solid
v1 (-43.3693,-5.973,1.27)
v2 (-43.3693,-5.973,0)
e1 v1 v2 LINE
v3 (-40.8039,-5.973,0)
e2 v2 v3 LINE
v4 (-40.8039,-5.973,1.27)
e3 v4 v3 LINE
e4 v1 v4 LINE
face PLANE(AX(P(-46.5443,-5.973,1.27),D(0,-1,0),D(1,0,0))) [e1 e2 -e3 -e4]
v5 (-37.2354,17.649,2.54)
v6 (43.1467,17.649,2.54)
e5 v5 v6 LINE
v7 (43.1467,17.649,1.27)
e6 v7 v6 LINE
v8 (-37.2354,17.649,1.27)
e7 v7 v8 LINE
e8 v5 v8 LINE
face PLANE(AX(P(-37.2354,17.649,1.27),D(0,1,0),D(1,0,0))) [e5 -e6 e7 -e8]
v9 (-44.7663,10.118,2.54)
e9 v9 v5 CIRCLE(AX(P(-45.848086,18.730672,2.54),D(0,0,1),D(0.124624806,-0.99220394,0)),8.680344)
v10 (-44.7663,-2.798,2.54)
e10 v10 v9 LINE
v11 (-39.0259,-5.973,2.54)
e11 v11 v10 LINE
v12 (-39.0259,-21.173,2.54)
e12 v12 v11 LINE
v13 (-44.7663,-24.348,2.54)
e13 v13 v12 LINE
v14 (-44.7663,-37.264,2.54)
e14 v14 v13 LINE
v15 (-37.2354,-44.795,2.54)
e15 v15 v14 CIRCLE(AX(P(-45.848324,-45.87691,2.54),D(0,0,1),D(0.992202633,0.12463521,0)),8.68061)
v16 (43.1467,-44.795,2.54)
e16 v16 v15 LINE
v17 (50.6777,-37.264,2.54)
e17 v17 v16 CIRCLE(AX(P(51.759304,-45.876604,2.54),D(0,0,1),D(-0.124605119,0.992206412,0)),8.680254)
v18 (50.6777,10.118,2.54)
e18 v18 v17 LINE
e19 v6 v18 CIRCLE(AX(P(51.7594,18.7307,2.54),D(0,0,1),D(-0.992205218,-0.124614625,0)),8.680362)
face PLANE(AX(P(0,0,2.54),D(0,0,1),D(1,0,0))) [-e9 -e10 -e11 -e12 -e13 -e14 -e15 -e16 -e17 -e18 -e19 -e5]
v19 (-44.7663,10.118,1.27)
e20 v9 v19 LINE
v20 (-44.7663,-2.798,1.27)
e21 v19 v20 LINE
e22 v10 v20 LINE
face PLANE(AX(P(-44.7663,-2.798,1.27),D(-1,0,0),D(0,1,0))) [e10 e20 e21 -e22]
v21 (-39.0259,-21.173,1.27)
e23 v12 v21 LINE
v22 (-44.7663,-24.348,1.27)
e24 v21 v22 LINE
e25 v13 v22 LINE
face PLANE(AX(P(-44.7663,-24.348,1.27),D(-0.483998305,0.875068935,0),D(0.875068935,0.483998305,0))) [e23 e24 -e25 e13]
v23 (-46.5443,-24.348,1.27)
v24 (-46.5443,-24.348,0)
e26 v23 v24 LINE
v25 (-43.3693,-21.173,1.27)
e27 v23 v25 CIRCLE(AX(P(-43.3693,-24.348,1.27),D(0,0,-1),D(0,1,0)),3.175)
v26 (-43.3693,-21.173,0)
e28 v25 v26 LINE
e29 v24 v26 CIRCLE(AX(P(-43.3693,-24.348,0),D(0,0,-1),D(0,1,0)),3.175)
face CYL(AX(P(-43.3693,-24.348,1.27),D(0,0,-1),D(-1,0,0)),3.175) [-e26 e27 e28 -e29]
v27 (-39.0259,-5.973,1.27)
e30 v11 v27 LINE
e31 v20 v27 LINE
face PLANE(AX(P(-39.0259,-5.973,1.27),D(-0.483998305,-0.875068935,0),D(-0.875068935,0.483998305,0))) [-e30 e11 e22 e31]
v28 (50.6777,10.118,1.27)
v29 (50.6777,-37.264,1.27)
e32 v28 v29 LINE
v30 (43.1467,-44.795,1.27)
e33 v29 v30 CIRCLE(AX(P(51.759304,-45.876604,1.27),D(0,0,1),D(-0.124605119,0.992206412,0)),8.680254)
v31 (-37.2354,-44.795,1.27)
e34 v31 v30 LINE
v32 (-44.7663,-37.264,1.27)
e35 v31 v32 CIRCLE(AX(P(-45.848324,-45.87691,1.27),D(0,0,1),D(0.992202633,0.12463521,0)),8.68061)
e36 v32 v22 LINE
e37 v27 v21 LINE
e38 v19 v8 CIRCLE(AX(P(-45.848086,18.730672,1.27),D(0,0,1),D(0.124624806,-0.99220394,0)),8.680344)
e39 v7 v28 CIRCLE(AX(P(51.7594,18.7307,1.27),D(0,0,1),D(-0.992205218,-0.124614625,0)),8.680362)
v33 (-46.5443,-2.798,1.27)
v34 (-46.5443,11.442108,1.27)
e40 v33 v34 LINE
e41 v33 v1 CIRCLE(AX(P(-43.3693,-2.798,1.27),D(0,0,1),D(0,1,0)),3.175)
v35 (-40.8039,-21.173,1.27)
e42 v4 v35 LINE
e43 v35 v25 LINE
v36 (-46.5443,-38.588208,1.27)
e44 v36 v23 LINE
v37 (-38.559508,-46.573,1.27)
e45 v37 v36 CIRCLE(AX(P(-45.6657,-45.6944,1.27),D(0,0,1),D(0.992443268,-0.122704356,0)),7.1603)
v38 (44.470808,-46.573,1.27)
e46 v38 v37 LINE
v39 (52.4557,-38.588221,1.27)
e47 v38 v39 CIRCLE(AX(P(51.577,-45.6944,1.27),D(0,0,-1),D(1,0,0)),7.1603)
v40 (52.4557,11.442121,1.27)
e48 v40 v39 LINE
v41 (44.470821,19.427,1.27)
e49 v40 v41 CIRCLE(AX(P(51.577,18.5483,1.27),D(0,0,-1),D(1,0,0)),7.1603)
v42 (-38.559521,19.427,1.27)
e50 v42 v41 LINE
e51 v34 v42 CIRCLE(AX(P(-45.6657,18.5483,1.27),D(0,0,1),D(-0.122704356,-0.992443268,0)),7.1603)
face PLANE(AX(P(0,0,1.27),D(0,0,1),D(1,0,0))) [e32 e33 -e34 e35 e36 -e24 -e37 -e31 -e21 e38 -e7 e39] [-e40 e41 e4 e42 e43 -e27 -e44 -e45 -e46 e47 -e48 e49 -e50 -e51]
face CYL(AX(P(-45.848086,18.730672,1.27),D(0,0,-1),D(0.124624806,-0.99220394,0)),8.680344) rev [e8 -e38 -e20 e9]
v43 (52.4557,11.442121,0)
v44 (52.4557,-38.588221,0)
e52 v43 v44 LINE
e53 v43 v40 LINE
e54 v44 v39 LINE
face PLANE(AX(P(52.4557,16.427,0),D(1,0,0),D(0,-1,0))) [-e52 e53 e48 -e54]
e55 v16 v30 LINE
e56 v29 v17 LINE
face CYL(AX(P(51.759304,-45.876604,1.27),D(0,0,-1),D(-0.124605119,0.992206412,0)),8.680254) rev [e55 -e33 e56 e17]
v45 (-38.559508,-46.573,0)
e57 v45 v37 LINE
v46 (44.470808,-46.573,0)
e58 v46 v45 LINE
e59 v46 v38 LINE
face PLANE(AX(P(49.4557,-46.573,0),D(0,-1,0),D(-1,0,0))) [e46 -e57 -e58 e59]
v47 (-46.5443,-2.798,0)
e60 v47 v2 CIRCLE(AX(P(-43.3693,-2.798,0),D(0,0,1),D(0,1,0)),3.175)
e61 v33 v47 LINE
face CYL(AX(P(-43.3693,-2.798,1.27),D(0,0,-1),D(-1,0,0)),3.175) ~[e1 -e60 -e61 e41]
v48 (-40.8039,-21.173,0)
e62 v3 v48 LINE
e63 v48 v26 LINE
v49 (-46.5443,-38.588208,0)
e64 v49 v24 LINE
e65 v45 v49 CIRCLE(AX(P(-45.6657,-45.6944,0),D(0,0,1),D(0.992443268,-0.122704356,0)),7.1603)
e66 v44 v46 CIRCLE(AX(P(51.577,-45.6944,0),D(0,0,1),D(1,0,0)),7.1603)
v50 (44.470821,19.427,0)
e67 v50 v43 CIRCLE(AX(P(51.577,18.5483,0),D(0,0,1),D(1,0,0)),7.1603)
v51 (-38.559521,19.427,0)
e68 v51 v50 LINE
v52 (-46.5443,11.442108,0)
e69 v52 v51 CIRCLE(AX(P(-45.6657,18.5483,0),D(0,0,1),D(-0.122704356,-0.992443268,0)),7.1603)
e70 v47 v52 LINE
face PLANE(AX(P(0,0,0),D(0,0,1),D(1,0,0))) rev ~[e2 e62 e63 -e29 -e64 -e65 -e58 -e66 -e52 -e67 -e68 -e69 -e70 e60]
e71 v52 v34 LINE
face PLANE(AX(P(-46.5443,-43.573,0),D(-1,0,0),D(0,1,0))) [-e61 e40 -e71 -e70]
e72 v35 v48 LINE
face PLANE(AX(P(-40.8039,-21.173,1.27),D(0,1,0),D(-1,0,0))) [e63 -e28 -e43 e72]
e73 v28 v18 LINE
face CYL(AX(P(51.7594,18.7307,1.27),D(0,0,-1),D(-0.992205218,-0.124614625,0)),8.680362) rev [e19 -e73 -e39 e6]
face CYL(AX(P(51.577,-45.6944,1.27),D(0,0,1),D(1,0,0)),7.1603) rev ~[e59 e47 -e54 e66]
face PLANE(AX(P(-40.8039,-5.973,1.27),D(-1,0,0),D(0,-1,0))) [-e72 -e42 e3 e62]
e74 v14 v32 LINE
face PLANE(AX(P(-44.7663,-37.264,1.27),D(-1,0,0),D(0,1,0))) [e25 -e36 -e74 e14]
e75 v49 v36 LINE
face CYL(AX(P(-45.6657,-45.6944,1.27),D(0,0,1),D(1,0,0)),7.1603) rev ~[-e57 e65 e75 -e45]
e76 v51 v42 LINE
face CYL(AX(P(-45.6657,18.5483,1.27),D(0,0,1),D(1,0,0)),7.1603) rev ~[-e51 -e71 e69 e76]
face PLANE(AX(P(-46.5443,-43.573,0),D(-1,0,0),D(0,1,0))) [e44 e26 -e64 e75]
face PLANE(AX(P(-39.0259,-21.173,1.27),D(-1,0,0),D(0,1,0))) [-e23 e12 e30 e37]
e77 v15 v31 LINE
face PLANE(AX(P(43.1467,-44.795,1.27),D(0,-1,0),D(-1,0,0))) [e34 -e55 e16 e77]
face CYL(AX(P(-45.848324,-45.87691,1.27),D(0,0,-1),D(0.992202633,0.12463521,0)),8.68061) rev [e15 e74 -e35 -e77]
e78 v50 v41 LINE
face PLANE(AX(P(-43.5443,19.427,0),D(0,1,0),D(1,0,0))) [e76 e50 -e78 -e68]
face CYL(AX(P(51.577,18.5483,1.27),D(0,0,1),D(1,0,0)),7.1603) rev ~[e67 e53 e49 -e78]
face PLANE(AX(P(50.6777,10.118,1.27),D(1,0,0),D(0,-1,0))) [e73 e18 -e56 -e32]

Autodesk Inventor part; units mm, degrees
ref_plane "YZ Plane" through (0, 0, 0) normal (1, 0, 0) x (0, 1, 0)
ref_plane "XZ Plane" through (0, 0, 0) normal (0, 1, 0) x (-1, 0, 0)
ref_plane "XY Plane" through (0, 0, 0) normal (0, 0, 1) x (1, 0, 0)
sketch "Sketch1" plane through (0, 0, 0) normal (0, 0, 1) x (1, 0, 0)
  line L0 (-43.5443, 19.427) -> (49.4557, 19.427)
  line L1 (52.4557, 16.427) -> (52.4557, -43.573)
  line L2 (49.4557, -46.573) -> (-43.5443, -46.573)
  line L3 (-46.5443, -43.573) -> (-46.5443, 16.427)
  arc A0 (-43.5443, 19.427) -> (-46.5443, 16.427) centre (-43.5443, 16.427) ccw
  arc A1 (-46.5443, -43.573) -> (-43.5443, -46.573) centre (-43.5443, -43.573) ccw
  arc A2 (49.4557, -46.573) -> (52.4557, -43.573) centre (49.4557, -43.573) ccw
  arc A3 (52.4557, 16.427) -> (49.4557, 19.427) centre (49.4557, 16.427) ccw
  point P0 (0, 0)
  point P1 (0, 0)
  point P2 (-46.5443, 19.427)
  point P3 (52.4557, -46.573)
  point P4 (52.4557, 19.427)
  dimension "d0" = 99
  dimension "d1" = 66
  dimension "d2" = 3
extrude "Extrusion1" add sketch "Sketch1" along normal blind 1.27
sketch "Sketch2" plane through (0, 0, 1.27) normal (0, 0, 1) x (1, 0, 0)
  line L0 (-46.5443, 16.427) -> (-46.5443, -43.573) projected
  line L1 (49.4557, 19.427) -> (-43.5443, 19.427) projected
  circle A0 centre (-42.7343, 15.617) radius 1.5875
  line L2 (-50.0562, -13.573) -> (79.0191, -13.573) construction
  line L3 (2.9557, 30.2203) -> (2.9557, -48.7988) construction
  circle A1 centre (-42.7343, -42.763) radius 1.5875
  circle A2 centre (48.6457, 15.617) radius 1.5875
  circle A3 centre (48.6457, -42.763) radius 1.5875
  point P0 (0, 0)
  dimension "d8" = 3.175
  dimension "d9" = 3.81
  dimension "d10" = 3.81
extrude "Extrusion2" cut sketch "Sketch2" against normal blind 25.4
sketch "Sketch3" plane through (0, 0, 1.27) normal (0, 0, 1) x (1, 0, 0)
  circle A0 centre (48.6457, 15.617) radius 1.5875 projected
  circle A1 centre (-42.7343, 15.617) radius 1.5875 projected
  circle A2 centre (-42.7343, -42.763) radius 1.5875 projected
  circle A3 centre (48.6457, -42.763) radius 1.5875 projected
  line L0 (49.4557, 19.427) -> (-43.5443, 19.427) projected
  arc A4 (-43.5443, 19.427) -> (-46.5443, 16.427) centre (-43.5443, 16.427) ccw projected
  line L1 (-46.5443, 16.427) -> (-46.5443, -43.573) construction
  arc A5 (-46.5443, -43.573) -> (-43.5443, -46.573) centre (-43.5443, -43.573) ccw projected
  line L2 (-43.5443, -46.573) -> (49.4557, -46.573) projected
  arc A6 (49.4557, -46.573) -> (52.4557, -43.573) centre (49.4557, -43.573) ccw projected
  line L3 (52.4557, -43.573) -> (52.4557, 16.427) projected
  arc A7 (52.4557, 16.427) -> (49.4557, 19.427) centre (49.4557, 16.427) ccw projected
  arc A8 (-43.5443, 19.427) -> (-46.5443, 16.427) centre (-43.5443, 16.427) ccw projected
  line L4 (49.4557, 19.427) -> (-43.5443, 19.427) projected
  circle A9 centre (48.6457, 15.617) radius 1.5875 projected
  circle A10 centre (-42.7343, 15.617) radius 1.5875 projected
  circle A11 centre (-42.7343, -42.763) radius 1.5875 projected
  circle A12 centre (48.6457, -42.763) radius 1.5875 projected
  arc A13 (52.4557, 16.427) -> (49.4557, 19.427) centre (49.4557, 16.427) ccw projected
  line L5 (52.4557, 16.427) -> (52.4557, -43.573) projected
  arc A14 (49.4557, -46.573) -> (52.4557, -43.573) centre (49.4557, -43.573) ccw projected
  line L6 (49.4557, -46.573) -> (-43.5443, -46.573) projected
  arc A15 (-46.5443, -43.573) -> (-43.5443, -46.573) centre (-43.5443, -43.573) ccw projected
  line L7 (-46.5443, -43.573) -> (-46.5443, 16.427) projected
  arc A16 (-43.5443, 19.427) -> (-46.5443, 16.427) centre (-43.5443, 16.427) ccw projected
  line L8 (-43.5443, 19.427) -> (49.4557, 19.427) projected
  line L9 (-43.5443, 19.427) -> (49.4557, 19.427) projected
  line L10 (-40.8039, 19.427) -> (-40.8039, -46.573) construction
  line L11 (49.4557, -46.573) -> (-43.5443, -46.573) projected
  line L12 (-40.8039, 19.427) -> (-51.3078, 19.427) construction
  line L13 (-40.8039, -46.573) -> (-51.3078, -46.573) construction
  line L14 (-40.8039, -21.173) -> (-51.3078, -21.173) construction
  line L15 (-40.8039, -5.973) -> (-51.3078, -5.973) construction
  line L16 (-46.5443, -43.573) -> (-46.5443, 16.427) projected
  line L17 (-46.5443, -5.973) -> (-40.8039, -5.973)
  line L18 (-40.8039, -5.973) -> (-40.8039, -21.173)
  line L19 (-40.8039, -21.173) -> (-46.5443, -21.173)
  line L20 (-46.5443, -21.173) -> (-46.5443, -5.973)
  point P0 (0, 0)
  dimension "d13" = 25.4
  dimension "d14" = 25.4
  dimension "d15" = 5.7404
extrude "Extrusion3" cut sketch "Sketch3" against normal blind 25.4 contours L17 L18 L19 L7
fillet "Fillet1" radius 3.175 2 edges at (-46.5443, -21.173, 0.635) (-46.5443, -5.973, 0.635)
sketch "Sketch9" plane through (0, 0, 1.27) normal (0, 0, 1) x (1, 0, 0)
  arc A0 (-43.5443, 19.427) -> (-46.5443, 16.427) centre (-43.5443, 16.427) ccw projected
  line L0 (-46.5443, -2.798) -> (-46.5443, 16.427) construction
  line L1 (-46.5443, 16.427) -> (-46.5443, -2.798)
  line L2 (-43.5443, 19.427) -> (-26.5771, 19.427) construction
  line L3 (49.4557, 19.427) -> (-43.5443, 19.427) projected
  line L4 (-45.6657, 18.5483) -> (-26.5771, -0.5403) construction
  line L5 (-45.6657, 18.5483) -> (-18.6704, 18.5483) construction
  circle A1 centre (-45.6657, 18.5483) radius 7.1603
  arc A2 (-46.5443, -2.798) -> (-43.3693, -5.973) centre (-43.3693, -2.798) ccw projected
  line L6 (-43.3693, -5.973) -> (-40.8039, -5.973) projected
  line L7 (-40.8039, -5.973) -> (-40.8039, -21.173) projected
  line L8 (-40.8039, -21.173) -> (-43.3693, -21.173) projected
  arc A3 (-43.3693, -21.173) -> (-46.5443, -24.348) centre (-43.3693, -24.348) ccw projected
  line L9 (-46.5443, -24.348) -> (-46.5443, -43.573) projected
  arc A4 (-46.5443, -43.573) -> (-43.5443, -46.573) centre (-43.5443, -43.573) ccw projected
  line L10 (-43.5443, -46.573) -> (49.4557, -46.573) projected
  arc A5 (49.4557, -46.573) -> (52.4557, -43.573) centre (49.4557, -43.573) ccw projected
  line L11 (52.4557, -43.573) -> (52.4557, 16.427) projected
  arc A6 (52.4557, 16.427) -> (49.4557, 19.427) centre (49.4557, 16.427) ccw projected
  line L12 (49.4557, 19.427) -> (-43.5443, 19.427) projected
  arc A7 (-43.5443, 19.427) -> (-46.5443, 16.427) centre (-43.5443, 16.427) ccw projected
  line L13 (-46.5443, 16.427) -> (-46.5443, -2.798) projected
  circle A8 centre (48.6457, 15.617) radius 1.5875 projected
  circle A9 centre (-42.7343, 15.617) radius 1.5875 projected
  circle A10 centre (-42.7343, -42.763) radius 1.5875 projected
  circle A11 centre (48.6457, -42.763) radius 1.5875 projected
  line L14 (-75.7777, -13.573) -> (114.1059, -13.573) construction
  line L15 (2.9557, 31.1348) -> (2.9557, -53.319) construction
  circle A12 centre (-45.6657, -45.6944) radius 7.1603
  line L16 (2.9557, -58.2809) -> (2.9557, 26.1729) construction
  circle A13 centre (51.577, 18.5483) radius 7.1603
  circle A14 centre (51.577, -45.6944) radius 7.1603
  point P0 (0, 0)
  dimension "d28" = 45
extrude "Extrusion5" cut sketch "Sketch9" against normal blind 12.7 contours L3 A1 L1 A0 | A0 L1 A1 L3 | A13 L11 A6 L3 | L3 A6 L11 A13 | A14 L10 A5 L11 | L11 A5 L10 A14 | A12 L9 A4 L10 | L10 A4 L9 A12
sketch "Sketch10" plane through (0, 0, 1.27) normal (0, 0, 1) x (1, 0, 0)
  arc A0 (52.4557, -38.5882) -> (44.4708, -46.573) centre (51.577, -45.6944) ccw projected
  line L0 (52.4557, -38.5882) -> (52.4557, 11.4421) projected
  arc A1 (44.4708, 19.427) -> (52.4557, 11.4421) centre (51.577, 18.5483) ccw projected
  line L1 (44.4708, 19.427) -> (-38.5595, 19.427) projected
  arc A2 (-46.5443, 11.4421) -> (-38.5595, 19.427) centre (-45.6657, 18.5483) ccw projected
  line L2 (-46.5443, 11.4421) -> (-46.5443, -2.798) projected
  arc A3 (-46.5443, -2.798) -> (-43.3693, -5.973) centre (-43.3693, -2.798) ccw projected
  line L3 (-43.3693, -5.973) -> (-40.8039, -5.973) projected
  line L4 (-40.8039, -5.973) -> (-40.8039, -21.173) projected
  line L5 (-40.8039, -21.173) -> (-43.3693, -21.173) projected
  arc A4 (-43.3693, -21.173) -> (-46.5443, -24.348) centre (-43.3693, -24.348) ccw projected
  line L6 (-46.5443, -24.348) -> (-46.5443, -38.5882) projected
  arc A5 (-38.5595, -46.573) -> (-46.5443, -38.5882) centre (-45.6657, -45.6944) ccw projected
  line L7 (-38.5595, -46.573) -> (44.4708, -46.573) projected
  line L8 (-36.7645, -44.795) -> (43.1467, -44.795)
  line L9 (-36.7645, 17.649) -> (43.1467, 17.649)
  line L10 (44.4708, 19.427) -> (-38.5595, 19.427) projected
  line L11 (-36.7645, -44.795) -> (-37.2354, -44.795)
  arc A6 (-38.5595, -46.573) -> (-46.5443, -38.5882) centre (-45.6657, -45.6944) ccw projected
  line L12 (-36.7645, 17.649) -> (-37.2354, 17.649)
  line L13 (50.6777, 10.118) -> (50.6777, -37.264)
  arc A7 (44.4708, 19.427) -> (52.4557, 11.4421) centre (51.577, 18.5483) ccw projected
  line L14 (-39.0259, -5.973) -> (-39.0259, -21.173)
  line L15 (-44.7663, -2.798) -> (-39.0259, -5.973)
  line L16 (-39.0259, -21.173) -> (-44.7663, -24.348)
  line L17 (50.6777, 10.118) -> (52.4557, 10.118) construction
  line L18 (52.4557, -38.5882) -> (52.4557, 11.4421) projected
  line L19 (43.1467, 17.649) -> (43.1467, 19.427) construction
  arc A8 (43.1467, 17.649) -> (50.6777, 10.118) centre (51.7594, 18.7307) ccw
  line L20 (-56.5649, -13.573) -> (80.9191, -13.573) construction
  line L21 (2.9557, 34.2968) -> (2.9557, -68.6615) construction
  arc A9 (50.6777, -37.264) -> (43.1467, -44.795) centre (51.7594, -45.8768) ccw
  arc A10 (-44.7663, 10.118) -> (-37.2354, 17.649) centre (-45.8481, 18.7307) ccw
  arc A11 (-37.2354, -44.795) -> (-44.7663, -37.264) centre (-45.8481, -45.8768) ccw
  line L22 (-44.7663, 10.118) -> (-44.7663, -2.798)
  line L23 (-44.7663, -37.264) -> (-44.7663, -24.348)
  line L24 (-46.5443, -43.573) -> (-46.5443, -24.348) projected
  point P0 (0, 0)
  dimension "d31" = 1.778
  dimension "d32" = 1.778
  dimension "d35" = 1.778
  dimension "d36" = 1.778
  dimension "d39" = 3.175
  dimension "d40" = 3.175
  dimension "d42" = 1.27
  dimension "d43" = 1.27
  dimension "d44" = 1.778
  dimension "d56" = 1.778
extrude "Extrusion6" cut sketch "Sketch10" against normal blind 7.62 contours L11 A11 L23 L16 L14 L15 L22 A10 L12 L9 A8 L13 A9 L8
sketch "Sketch13" plane through (0, 0, 1.27) normal (0, 0, 1) x (1, 0, 0)
  arc A0 (50.6777, -37.264) -> (43.1467, -44.795) centre (51.7594, -45.8768) ccw projected
  line L0 (43.1467, -44.795) -> (-37.2354, -44.795) projected
  arc A1 (-37.2354, -44.795) -> (-44.7663, -37.264) centre (-45.8481, -45.8768) ccw projected
  line L1 (-44.7663, -37.264) -> (-44.7663, -24.348) projected
  line L2 (-44.7663, -24.348) -> (-39.0259, -21.173) projected
  line L3 (-39.0259, -21.173) -> (-39.0259, -5.973) projected
  line L4 (-39.0259, -5.973) -> (-44.7663, -2.798) projected
  line L5 (-44.7663, -2.798) -> (-44.7663, 10.118) projected
  arc A2 (-44.7663, 10.118) -> (-37.2354, 17.649) centre (-45.8481, 18.7307) ccw projected
  line L6 (-37.2354, 17.649) -> (43.1467, 17.649) projected
  arc A3 (43.1467, 17.649) -> (50.6777, 10.118) centre (51.7594, 18.7307) ccw projected
  line L7 (50.6777, 10.118) -> (50.6777, -37.264) projected
  arc A4 (52.4557, -38.5882) -> (44.4708, -46.573) centre (51.577, -45.6944) ccw projected
  line L8 (52.4557, -38.5882) -> (52.4557, 11.4421) projected
  arc A5 (44.4708, 19.427) -> (52.4557, 11.4421) centre (51.577, 18.5483) ccw projected
  line L9 (44.4708, 19.427) -> (-38.5595, 19.427) projected
  arc A6 (-46.5443, 11.4421) -> (-38.5595, 19.427) centre (-45.6657, 18.5483) ccw projected
  line L10 (-46.5443, 11.4421) -> (-46.5443, -2.798) projected
  arc A7 (-46.5443, -2.798) -> (-43.3693, -5.973) centre (-43.3693, -2.798) ccw projected
  line L11 (-43.3693, -5.973) -> (-40.8039, -5.973) projected
  line L12 (-40.8039, -5.973) -> (-40.8039, -21.173) projected
  line L13 (-40.8039, -21.173) -> (-43.3693, -21.173) projected
  arc A8 (-43.3693, -21.173) -> (-46.5443, -24.348) centre (-43.3693, -24.348) ccw projected
  line L14 (-46.5443, -24.348) -> (-46.5443, -38.5882) projected
  arc A9 (-38.5595, -46.573) -> (-46.5443, -38.5882) centre (-45.6657, -45.6944) ccw projected
  line L15 (-38.5595, -46.573) -> (44.4708, -46.573) projected
  point P0 (0, 0)
extrude "Extrusion9" add sketch "Sketch13" along normal blind 1.27 and the other way blind 1.27 contours A0 L0 A1 L1 L2 L3 L4 L5 A2 L6 A3 L7
properties part number "battbase_lid-shrink_final"
